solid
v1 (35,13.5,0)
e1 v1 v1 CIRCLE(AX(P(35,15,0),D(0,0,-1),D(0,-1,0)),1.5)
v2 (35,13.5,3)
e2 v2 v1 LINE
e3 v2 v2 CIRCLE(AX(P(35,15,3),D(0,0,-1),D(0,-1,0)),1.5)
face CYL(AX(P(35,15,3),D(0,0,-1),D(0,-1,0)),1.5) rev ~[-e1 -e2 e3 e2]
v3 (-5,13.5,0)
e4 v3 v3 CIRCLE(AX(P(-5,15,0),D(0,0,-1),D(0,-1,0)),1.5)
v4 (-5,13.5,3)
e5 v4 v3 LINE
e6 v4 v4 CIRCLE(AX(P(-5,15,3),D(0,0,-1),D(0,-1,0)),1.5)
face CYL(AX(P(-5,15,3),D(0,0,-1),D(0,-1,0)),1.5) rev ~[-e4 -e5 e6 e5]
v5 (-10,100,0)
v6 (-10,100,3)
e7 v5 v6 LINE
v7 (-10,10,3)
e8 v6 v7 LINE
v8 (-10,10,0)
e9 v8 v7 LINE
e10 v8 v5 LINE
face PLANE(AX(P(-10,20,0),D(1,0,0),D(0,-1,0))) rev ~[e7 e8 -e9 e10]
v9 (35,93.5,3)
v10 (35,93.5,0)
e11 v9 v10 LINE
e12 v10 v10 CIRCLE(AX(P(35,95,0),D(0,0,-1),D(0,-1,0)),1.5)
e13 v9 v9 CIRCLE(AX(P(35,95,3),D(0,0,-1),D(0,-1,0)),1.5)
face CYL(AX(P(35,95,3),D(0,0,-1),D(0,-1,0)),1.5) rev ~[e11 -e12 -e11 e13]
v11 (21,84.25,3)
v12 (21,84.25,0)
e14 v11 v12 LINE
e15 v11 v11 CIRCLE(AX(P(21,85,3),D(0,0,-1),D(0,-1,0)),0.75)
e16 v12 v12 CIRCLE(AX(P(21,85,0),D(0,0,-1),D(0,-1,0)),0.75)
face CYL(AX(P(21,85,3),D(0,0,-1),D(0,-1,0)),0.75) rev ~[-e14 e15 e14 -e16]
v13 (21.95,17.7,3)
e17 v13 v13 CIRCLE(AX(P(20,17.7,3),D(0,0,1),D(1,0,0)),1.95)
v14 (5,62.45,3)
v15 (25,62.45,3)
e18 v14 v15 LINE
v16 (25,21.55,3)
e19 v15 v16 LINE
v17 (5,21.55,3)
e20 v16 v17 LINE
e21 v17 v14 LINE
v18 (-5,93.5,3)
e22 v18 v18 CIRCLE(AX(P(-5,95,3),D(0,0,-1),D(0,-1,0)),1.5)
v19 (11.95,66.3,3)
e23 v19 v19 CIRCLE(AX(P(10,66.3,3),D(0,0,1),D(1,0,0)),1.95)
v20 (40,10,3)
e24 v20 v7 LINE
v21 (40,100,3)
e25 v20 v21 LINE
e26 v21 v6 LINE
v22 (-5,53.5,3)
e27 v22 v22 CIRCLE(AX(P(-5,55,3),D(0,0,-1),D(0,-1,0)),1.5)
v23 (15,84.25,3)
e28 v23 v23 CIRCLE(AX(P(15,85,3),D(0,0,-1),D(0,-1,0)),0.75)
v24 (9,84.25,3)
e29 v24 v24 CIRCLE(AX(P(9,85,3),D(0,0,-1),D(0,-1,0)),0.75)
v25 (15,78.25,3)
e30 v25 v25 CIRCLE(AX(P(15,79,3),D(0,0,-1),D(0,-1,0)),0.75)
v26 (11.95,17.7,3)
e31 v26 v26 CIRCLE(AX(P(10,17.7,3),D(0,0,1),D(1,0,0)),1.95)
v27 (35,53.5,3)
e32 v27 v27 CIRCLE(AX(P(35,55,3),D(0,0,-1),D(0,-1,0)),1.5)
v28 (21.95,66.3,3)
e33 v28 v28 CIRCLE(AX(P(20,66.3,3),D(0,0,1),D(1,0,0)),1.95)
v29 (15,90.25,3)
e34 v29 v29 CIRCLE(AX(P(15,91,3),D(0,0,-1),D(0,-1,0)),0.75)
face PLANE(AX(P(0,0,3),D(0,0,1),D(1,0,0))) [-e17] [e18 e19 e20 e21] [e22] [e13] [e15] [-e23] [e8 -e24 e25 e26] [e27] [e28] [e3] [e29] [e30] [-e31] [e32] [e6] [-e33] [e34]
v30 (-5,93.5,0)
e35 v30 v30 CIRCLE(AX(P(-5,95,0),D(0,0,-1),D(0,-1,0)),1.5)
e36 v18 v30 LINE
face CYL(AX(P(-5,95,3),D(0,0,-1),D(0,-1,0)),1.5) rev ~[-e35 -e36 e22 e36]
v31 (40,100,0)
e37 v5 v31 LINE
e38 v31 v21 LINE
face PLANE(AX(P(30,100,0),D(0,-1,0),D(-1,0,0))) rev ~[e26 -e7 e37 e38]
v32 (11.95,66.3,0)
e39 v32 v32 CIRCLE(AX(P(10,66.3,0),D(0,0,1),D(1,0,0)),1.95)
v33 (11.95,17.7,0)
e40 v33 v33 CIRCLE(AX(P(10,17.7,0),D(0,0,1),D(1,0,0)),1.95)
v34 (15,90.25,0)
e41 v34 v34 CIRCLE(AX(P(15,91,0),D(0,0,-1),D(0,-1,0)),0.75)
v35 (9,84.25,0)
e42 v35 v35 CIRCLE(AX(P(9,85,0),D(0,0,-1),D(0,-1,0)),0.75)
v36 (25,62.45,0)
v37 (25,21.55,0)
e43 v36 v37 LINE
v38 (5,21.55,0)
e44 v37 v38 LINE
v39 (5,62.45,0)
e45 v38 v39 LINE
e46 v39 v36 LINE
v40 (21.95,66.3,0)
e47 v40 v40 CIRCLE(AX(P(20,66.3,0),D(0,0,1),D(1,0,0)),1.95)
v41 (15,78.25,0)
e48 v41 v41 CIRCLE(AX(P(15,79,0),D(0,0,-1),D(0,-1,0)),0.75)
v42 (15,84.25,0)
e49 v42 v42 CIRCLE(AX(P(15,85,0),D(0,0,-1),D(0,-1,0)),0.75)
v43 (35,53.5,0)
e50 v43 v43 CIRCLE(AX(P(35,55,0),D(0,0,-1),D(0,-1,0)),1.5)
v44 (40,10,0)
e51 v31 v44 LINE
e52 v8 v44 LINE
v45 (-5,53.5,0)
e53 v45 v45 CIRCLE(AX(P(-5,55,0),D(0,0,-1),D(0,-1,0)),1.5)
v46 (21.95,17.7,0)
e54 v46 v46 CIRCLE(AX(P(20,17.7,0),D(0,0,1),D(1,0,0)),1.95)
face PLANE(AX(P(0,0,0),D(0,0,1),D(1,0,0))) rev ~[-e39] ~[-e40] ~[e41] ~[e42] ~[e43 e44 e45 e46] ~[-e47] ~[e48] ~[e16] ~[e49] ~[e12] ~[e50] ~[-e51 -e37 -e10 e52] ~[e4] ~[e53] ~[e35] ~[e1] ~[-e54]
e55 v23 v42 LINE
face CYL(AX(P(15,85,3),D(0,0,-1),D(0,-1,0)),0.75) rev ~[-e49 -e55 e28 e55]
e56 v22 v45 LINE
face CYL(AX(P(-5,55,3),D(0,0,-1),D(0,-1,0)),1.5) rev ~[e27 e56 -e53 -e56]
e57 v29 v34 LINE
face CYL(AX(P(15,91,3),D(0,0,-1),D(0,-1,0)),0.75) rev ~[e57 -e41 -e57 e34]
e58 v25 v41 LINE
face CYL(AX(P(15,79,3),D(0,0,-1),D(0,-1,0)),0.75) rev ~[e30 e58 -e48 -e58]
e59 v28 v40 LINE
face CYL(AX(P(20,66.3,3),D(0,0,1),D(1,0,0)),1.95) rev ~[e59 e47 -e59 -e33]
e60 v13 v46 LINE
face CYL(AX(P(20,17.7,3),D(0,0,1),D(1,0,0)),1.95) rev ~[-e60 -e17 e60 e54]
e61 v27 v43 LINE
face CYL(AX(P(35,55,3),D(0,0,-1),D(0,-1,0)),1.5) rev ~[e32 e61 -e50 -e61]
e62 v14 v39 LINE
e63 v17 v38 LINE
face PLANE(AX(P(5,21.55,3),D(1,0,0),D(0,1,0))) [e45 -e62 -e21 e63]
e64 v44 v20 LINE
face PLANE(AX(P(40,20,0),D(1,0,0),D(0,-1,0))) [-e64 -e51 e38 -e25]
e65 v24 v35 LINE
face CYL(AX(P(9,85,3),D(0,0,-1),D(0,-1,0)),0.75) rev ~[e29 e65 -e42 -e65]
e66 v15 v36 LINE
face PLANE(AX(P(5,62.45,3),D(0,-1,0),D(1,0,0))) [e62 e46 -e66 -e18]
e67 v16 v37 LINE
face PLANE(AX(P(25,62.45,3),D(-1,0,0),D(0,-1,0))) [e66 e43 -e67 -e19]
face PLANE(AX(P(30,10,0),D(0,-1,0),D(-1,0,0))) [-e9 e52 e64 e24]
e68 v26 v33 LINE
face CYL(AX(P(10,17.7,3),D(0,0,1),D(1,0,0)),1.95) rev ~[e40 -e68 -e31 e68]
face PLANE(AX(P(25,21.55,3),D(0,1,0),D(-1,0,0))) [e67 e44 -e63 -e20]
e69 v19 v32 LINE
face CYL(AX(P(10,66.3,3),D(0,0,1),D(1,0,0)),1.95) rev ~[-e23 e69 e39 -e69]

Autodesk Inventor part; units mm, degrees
ref_plane "YZ Plane" through (0, 0, 0) normal (1, 0, 0) x (0, 1, 0)
ref_plane "XZ Plane" through (0, 0, 0) normal (0, 1, 0) x (-1, 0, 0)
ref_plane "XY Plane" through (0, 0, 0) normal (0, 0, 1) x (1, 0, 0)
sketch "スケッチ6" plane through (0, 0, 0) normal (0, 0, 1) x (1, 0, 0)
  line L0 (30, 10) -> (30, 100)
  line L1 (30, 100) -> (0, 100)
  line L2 (0, 100) -> (0, 0)
  line L3 (0, 100) -> (-10, 100)
  line L4 (-10, 100) -> (-10, 90)
  line L5 (-10, 90) -> (0, 90)
  line L6 (0, 90) -> (0, 100)
  line L7 (30, 100) -> (40, 100)
  line L8 (40, 100) -> (40, 90)
  line L9 (40, 90) -> (30, 90)
  line L10 (30, 90) -> (30, 100)
  line L11 (0, 50) -> (-10, 50)
  line L12 (-10, 50) -> (-10, 60)
  line L13 (-10, 60) -> (0, 60)
  line L14 (0, 60) -> (0, 50)
  line L15 (30, 50) -> (40, 50)
  line L16 (40, 50) -> (40, 60)
  line L17 (40, 60) -> (30, 60)
  line L18 (30, 60) -> (30, 50)
  line L19 (0, 20) -> (-10, 20)
  line L20 (-10, 20) -> (-10, 10)
  line L21 (-10, 10) -> (0, 10)
  line L22 (0, 10) -> (0, 20)
  line L23 (30, 20) -> (40, 20)
  line L24 (40, 20) -> (40, 10)
  line L25 (40, 10) -> (30, 10)
  line L26 (30, 10) -> (30, 20)
  line L27 (0, 100) -> (30, 100)
  line L28 (30, 100) -> (30, 10)
  line L29 (30, 10) -> (0, 10)
  line L30 (0, 10) -> (0, 100)
  line L31 (-10, 100) -> (40, 100)
  line L32 (40, 100) -> (40, 10)
  line L33 (40, 10) -> (-10, 10)
  line L34 (-10, 10) -> (-10, 100)
  point P0 (0, 90)
  point P1 (30, 55)
  point P2 (0, 10)
  point P3 (0, 10)
  point P4 (0, 60)
  dimension "d73" = 30
  dimension "d117" = 10
  dimension "d118" = 10
  dimension "d119" = 10
  dimension "d120" = 10
  dimension "d141" = 10
  dimension "d142" = 0
  dimension "d143" = 30
  dimension "d144" = 10
  dimension "d145" = 10
  dimension "d146" = 10
  dimension "d147" = 10
  dimension "d149" = 30
  dimension "d167" = 90
extrude "押し出し5" add sketch "スケッチ6" along normal blind 3
sketch "スケッチ7" plane through (0, 0, 3) normal (0, 0, 1) x (1, 0, 0)
  line L0 (30, 90) -> (30, 90) projected
  circle A0 centre (15, 85) radius 6
  line L1 (15, 85) -> (15, 104.27)
  line L2 (40, 100) -> (-10, 100) projected
  point P0 (0, 0)
  point P1 (30, 0)
  point P2 (15, 91)
  point P3 (9, 85)
  point P4 (15, 79)
  point P5 (21, 85)
  point P6 (30, 10)
  point P7 (15, 100)
  dimension "d79" = 12
  dimension "d82" = 360
  dimension "d156" = 0
hole "穴2" at (15, 85, 3) at (15, 91, 3) at (9, 85, 3) at (15, 79, 3) at (21, 85, 3) direction (0, 0, -1) diameter 1.5 end through all
sketch "スケッチ8" plane through (0, 0, 3) normal (0, 0, 1) x (1, 0, 0)
  line L0 (5, 69) -> (25, 69)
  line L1 (25, 69) -> (25, 15)
  line L2 (25, 15) -> (5, 15)
  line L3 (5, 15) -> (5, 69)
  line L4 (5, 62.45) -> (25, 62.45)
  line L5 (25, 62.45) -> (25, 21.55)
  line L6 (25, 21.55) -> (5, 21.55)
  line L7 (5, 21.55) -> (5, 62.45)
  circle A0 centre (10, 66.3) radius 1.95
  circle A1 centre (20, 66.3) radius 1.95
  circle A2 centre (10, 17.7) radius 1.95
  circle A3 centre (20, 17.7) radius 1.95
  line L8 (-10, 10) -> (40, 10) projected
  line L9 (-10, 100) -> (-10, 10) projected
  point P0 (0, 100)
  point P1 (15, 21.55)
  point P2 (25, 62.45)
  dimension "d91" = 20
  dimension "d93" = 54
  dimension "d96" = 10
  dimension "d98" = 48.6
  dimension "d99" = 2.7
  dimension "d100" = 5
  dimension "d101" = 40.9
  dimension "d102" = 6.55
  dimension "d105" = 3.9
  dimension "d106" = 3.9
  dimension "d107" = 3.9
  dimension "d151" = 3.9
  dimension "d152" = 10
  dimension "d153" = 5
  dimension "d154" = 2.7
  dimension "d168" = 5
  dimension "d169" = 15
extrude "押し出し6" cut sketch "スケッチ8" against normal blind 3 contours L4 L1 L6 L3 | A0 | A1 | A2 | A3
sketch "スケッチ9" plane through (0, 0, 3) normal (0, 0, 1) x (1, 0, 0)
  line L0 (-10, 100) -> (-10, 10) projected
  line L1 (40, 90) -> (40, 100) projected
  line L2 (40, 100) -> (-10, 100) projected
  line L3 (0, 60) -> (-10, 60) projected
  line L4 (40, 60) -> (30, 60) projected
  line L5 (40, 50) -> (40, 60) projected
  line L6 (-10, 60) -> (-10, 50) projected
  line L7 (-10, 20) -> (-10, 10) projected
  line L8 (0, 20) -> (-10, 20) projected
  line L9 (40, 20) -> (30, 20) projected
  line L10 (40, 10) -> (40, 20) projected
  point P0 (-5, 95)
  point P1 (35, 95)
  point P2 (-10, 90)
  point P3 (40, 95)
  point P4 (-5, 55)
  point P5 (35, 55)
  point P6 (35, 15)
  point P7 (-5, 15)
  dimension "d126" = 5
  dimension "d127" = 5
  dimension "d157" = 5
  dimension "d158" = 5
  dimension "d159" = 5
  dimension "d160" = 5
  dimension "d161" = 5
  dimension "d162" = 5
  dimension "d163" = 5
  dimension "d164" = 5
  dimension "d165" = 5
  dimension "d166" = 5
hole "穴3" at (-5, 95, 3) at (35, 95, 3) at (-5, 55, 3) at (35, 55, 3) at (35, 15, 3) at (-5, 15, 3) direction (0, 0, -1) diameter 3 end through all
equation "\"d120\" = d119"
equation "\"d141\" = d120"
equation "\"d144\" = d120"
equation "\"d145\" = d144"
equation "\"d147\" = d141"
equation "\"d149\" = d143"
equation "\"d98\" = d95"
equation "\"d151\" = d107"
equation "\"d127\" = d126"
equation "\"d159\" = d157"
equation "\"d160\" = d159"
equation "\"d164\" = d163"
equation "\"d165\" = d164"
equation "\"d95\" = 48.6"
properties part number "practice_parts01"
